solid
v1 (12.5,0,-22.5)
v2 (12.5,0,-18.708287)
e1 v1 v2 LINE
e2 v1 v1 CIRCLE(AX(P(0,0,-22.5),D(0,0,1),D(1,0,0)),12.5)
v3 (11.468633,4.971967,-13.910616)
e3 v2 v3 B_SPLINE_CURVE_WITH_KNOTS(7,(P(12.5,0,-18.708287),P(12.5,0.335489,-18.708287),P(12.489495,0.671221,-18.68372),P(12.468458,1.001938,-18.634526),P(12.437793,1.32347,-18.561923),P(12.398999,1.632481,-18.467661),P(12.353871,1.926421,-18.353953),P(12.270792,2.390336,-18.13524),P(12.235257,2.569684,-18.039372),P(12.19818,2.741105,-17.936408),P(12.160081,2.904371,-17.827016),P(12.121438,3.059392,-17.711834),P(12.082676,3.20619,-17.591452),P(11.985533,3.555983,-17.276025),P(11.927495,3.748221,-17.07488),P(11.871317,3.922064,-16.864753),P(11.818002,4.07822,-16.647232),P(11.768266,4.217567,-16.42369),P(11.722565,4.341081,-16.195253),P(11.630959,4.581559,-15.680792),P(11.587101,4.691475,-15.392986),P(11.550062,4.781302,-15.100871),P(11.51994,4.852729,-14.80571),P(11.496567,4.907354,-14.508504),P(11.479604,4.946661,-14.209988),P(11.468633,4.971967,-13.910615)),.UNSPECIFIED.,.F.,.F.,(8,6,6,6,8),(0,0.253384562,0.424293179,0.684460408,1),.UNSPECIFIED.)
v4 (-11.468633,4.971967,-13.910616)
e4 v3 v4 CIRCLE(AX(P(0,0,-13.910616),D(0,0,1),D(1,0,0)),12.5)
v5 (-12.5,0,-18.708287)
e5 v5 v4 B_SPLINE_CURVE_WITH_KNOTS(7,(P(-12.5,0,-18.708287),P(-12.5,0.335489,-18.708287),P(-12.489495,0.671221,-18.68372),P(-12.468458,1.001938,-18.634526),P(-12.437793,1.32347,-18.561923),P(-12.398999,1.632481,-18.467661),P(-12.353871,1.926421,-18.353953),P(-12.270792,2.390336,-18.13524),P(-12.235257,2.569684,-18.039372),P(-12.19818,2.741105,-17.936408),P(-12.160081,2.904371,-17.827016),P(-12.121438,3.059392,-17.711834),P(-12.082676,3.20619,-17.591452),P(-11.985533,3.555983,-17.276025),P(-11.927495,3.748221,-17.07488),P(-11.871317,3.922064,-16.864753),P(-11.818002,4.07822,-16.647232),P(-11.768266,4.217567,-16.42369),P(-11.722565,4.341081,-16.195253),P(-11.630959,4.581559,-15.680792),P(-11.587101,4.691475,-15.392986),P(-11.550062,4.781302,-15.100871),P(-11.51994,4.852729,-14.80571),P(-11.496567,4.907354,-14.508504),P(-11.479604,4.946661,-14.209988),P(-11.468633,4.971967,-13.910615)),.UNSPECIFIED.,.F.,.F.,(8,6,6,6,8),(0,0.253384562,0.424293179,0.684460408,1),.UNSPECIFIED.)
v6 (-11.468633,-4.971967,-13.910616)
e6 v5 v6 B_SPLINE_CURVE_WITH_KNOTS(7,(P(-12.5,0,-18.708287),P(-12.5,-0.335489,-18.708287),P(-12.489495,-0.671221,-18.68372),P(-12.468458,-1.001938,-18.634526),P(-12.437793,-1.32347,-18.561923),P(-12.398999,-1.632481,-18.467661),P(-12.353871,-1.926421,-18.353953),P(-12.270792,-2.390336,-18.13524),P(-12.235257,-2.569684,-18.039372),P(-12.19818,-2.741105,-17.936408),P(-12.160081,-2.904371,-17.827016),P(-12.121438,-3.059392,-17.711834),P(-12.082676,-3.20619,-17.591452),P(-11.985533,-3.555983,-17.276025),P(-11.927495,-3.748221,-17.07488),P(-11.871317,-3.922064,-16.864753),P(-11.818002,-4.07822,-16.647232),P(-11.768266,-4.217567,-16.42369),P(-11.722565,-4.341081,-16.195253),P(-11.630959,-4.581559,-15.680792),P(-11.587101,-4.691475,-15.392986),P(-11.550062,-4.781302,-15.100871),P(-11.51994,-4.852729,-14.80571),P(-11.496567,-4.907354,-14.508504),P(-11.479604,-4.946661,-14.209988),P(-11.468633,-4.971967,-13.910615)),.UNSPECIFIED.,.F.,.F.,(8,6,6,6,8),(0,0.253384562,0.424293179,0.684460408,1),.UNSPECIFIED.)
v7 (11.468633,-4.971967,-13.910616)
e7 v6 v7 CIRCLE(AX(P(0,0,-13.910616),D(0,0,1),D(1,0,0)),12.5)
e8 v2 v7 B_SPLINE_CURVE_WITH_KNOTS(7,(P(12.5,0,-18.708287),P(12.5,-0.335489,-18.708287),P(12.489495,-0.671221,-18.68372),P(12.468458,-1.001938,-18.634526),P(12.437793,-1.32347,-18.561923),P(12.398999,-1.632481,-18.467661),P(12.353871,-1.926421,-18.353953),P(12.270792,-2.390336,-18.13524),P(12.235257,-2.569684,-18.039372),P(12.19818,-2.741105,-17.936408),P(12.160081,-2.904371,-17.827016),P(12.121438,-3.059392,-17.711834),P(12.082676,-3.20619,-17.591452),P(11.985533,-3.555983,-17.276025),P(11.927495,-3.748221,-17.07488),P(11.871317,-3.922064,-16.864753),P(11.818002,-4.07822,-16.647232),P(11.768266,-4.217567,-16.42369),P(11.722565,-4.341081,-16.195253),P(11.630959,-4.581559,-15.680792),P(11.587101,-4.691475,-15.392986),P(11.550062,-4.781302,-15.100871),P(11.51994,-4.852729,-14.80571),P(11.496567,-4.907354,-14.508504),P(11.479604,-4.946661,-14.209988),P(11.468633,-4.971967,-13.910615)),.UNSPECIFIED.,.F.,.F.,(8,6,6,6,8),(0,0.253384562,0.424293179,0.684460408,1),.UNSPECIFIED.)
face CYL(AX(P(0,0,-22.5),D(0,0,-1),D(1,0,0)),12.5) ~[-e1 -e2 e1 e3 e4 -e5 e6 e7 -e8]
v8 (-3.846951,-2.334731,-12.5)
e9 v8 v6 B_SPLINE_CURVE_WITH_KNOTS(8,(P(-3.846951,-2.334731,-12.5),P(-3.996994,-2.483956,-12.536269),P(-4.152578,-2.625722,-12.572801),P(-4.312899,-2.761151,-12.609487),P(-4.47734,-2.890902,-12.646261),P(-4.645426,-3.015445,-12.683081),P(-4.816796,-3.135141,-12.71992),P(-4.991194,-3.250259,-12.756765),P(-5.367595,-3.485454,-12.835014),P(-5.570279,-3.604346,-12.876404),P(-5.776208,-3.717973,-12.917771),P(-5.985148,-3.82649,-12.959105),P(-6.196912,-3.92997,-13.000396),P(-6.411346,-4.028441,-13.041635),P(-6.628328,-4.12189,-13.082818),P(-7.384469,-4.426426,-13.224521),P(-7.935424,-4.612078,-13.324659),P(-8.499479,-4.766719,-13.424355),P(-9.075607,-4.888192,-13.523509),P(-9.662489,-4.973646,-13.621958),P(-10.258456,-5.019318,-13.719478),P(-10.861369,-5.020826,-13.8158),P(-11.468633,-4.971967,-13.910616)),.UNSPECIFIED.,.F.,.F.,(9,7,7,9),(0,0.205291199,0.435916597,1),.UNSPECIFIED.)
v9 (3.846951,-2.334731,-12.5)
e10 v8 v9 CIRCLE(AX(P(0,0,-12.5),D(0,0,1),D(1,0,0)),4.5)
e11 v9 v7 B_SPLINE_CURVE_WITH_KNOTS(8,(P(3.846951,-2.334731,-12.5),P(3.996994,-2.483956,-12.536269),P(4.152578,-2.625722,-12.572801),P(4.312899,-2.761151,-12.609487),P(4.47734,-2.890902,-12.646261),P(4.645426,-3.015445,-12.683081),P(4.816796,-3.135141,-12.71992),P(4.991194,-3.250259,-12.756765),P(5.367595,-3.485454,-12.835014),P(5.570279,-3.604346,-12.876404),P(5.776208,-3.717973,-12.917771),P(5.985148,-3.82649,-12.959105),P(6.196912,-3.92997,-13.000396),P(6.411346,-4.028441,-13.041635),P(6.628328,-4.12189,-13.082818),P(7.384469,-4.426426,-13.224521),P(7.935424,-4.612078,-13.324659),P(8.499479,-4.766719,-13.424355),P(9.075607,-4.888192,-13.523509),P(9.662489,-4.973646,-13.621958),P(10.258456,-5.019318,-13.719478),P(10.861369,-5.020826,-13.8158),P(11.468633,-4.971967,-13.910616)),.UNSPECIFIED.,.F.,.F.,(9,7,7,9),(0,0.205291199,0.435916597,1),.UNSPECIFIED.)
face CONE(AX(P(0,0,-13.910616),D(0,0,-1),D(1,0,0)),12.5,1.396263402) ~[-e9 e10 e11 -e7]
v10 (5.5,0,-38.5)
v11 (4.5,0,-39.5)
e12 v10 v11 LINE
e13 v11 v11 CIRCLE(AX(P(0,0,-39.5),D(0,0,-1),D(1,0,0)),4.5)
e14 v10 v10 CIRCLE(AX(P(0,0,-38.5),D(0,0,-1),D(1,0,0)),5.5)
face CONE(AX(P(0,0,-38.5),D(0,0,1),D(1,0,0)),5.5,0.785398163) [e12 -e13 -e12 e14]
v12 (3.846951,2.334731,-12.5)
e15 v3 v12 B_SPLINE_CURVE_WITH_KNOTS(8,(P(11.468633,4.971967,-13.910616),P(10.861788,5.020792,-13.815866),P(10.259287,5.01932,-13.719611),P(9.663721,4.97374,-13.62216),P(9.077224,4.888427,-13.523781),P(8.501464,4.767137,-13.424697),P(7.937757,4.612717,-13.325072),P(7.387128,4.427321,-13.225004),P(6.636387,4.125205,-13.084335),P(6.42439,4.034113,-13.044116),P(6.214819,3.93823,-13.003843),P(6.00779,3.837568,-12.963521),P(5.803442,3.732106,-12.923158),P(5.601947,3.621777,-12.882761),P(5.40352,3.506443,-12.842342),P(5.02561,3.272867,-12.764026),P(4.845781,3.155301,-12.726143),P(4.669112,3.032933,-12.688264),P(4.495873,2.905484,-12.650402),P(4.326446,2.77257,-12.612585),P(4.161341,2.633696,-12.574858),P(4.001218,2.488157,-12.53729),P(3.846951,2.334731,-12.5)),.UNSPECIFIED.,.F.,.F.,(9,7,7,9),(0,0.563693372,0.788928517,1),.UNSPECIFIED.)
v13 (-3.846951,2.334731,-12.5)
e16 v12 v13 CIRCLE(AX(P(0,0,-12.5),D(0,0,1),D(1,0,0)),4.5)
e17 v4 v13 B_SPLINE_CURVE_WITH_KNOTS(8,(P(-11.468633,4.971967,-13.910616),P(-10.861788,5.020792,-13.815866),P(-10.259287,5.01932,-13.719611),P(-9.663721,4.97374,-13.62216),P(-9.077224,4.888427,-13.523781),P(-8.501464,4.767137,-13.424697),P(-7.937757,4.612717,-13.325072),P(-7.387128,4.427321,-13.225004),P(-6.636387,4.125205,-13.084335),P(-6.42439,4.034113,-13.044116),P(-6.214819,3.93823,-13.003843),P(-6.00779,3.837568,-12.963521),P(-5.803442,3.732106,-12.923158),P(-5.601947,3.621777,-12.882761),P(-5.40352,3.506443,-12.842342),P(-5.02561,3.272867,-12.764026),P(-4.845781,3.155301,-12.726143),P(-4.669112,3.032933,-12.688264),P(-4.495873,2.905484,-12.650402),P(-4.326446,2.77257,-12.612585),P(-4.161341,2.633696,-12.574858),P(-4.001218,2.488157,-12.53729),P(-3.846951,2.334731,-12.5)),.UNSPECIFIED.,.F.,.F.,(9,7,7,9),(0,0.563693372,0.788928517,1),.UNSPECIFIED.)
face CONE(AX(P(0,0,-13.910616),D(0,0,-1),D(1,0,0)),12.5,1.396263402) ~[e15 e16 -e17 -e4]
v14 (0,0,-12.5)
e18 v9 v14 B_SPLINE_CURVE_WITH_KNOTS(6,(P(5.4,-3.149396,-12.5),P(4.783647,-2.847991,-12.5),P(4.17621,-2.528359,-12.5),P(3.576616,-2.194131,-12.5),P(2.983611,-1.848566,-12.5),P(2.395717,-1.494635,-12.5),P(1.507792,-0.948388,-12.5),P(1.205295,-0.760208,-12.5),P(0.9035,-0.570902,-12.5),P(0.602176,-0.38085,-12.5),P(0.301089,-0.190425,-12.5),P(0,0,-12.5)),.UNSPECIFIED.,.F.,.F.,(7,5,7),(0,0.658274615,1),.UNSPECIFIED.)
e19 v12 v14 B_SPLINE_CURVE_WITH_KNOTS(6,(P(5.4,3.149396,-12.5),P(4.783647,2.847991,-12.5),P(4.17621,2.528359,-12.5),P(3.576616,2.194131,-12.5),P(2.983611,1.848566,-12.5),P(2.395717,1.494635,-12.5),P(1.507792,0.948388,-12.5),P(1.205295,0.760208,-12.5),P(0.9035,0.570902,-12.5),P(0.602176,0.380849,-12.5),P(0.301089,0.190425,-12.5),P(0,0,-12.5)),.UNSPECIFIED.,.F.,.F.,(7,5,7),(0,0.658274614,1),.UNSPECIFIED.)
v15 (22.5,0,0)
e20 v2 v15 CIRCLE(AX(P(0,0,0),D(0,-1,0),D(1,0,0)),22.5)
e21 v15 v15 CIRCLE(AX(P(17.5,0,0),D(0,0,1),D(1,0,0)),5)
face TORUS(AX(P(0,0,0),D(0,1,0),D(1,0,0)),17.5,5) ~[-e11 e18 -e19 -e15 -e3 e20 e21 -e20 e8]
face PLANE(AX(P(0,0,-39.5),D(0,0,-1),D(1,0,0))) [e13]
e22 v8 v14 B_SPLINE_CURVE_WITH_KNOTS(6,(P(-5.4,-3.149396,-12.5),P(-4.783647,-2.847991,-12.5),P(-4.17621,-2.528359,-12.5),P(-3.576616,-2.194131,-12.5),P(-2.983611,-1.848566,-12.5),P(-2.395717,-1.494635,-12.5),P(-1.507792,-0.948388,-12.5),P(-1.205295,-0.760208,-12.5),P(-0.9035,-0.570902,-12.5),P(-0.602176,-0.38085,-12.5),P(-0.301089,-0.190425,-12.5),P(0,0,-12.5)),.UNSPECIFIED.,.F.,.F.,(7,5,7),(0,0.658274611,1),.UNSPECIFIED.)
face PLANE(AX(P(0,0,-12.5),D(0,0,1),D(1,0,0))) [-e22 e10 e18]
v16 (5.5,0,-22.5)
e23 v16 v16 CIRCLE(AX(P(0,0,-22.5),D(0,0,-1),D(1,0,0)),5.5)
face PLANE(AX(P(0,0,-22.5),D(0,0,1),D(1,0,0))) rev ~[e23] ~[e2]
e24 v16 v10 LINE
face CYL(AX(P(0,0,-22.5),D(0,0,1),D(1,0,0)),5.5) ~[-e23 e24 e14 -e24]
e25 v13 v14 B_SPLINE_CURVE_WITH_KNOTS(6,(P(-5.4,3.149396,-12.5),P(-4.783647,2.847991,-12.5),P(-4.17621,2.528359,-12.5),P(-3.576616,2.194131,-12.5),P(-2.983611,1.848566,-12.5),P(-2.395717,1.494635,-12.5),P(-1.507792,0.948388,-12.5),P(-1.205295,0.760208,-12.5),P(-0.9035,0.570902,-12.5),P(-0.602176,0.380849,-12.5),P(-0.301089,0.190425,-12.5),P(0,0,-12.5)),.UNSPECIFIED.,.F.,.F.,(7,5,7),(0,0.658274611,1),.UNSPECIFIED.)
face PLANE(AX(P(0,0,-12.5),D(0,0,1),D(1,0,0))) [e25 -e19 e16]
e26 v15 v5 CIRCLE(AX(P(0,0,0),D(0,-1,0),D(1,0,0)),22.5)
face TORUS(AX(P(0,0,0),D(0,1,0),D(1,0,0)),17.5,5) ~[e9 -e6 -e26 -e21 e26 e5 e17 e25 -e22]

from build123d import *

# Parameters (mm, degrees)
F1_R     = 12.5
F3_DEPTH = 10
F4_SIZE2 = 1.4106158457
F4_SIZE  = 8
F2_R     = 5
F6_R     = 5.5
F7_DEPTH = 17
F8_SIZE  = 1


with BuildPart() as f3:
    # F1 (on offset) → F3 (new body)
    with BuildSketch(Plane.XY.offset(-22.5)):
        Circle(F1_R)
    extrude(amount=F3_DEPTH)

    # F4
    f4_edges = [f3.edges().sort_by_distance(p)[0] for p in [
        (-12.5, 0, -12.5),
    ]]
    f4_side = f3.faces().sort_by_distance((0, 0, -12.5))[0]
    chamfer(f4_edges, length=F4_SIZE, length2=F4_SIZE2, reference=f4_side)

    # F2 (on Top) → F5 (revolve)
    with BuildSketch(Plane.XY):
        with Locations((17.5, 0)):
            Circle(F2_R)
    revolve(axis=Axis((0, 2.5942958891, 0), (0, -1, 0)))

    # F6 (on face) → F7 (join)
    with BuildSketch(Plane(origin=(0, 0, -22.5), x_dir=(1, 0, 0), z_dir=(0, 0, -1))):
        Circle(F6_R)
    extrude(amount=F7_DEPTH)

    # F8
    f8_edges = [f3.edges().sort_by_distance(p)[0] for p in [
        (-5.5, 0, -39.5),
    ]]
    chamfer(f8_edges, length=F8_SIZE)


solid = f3.part
